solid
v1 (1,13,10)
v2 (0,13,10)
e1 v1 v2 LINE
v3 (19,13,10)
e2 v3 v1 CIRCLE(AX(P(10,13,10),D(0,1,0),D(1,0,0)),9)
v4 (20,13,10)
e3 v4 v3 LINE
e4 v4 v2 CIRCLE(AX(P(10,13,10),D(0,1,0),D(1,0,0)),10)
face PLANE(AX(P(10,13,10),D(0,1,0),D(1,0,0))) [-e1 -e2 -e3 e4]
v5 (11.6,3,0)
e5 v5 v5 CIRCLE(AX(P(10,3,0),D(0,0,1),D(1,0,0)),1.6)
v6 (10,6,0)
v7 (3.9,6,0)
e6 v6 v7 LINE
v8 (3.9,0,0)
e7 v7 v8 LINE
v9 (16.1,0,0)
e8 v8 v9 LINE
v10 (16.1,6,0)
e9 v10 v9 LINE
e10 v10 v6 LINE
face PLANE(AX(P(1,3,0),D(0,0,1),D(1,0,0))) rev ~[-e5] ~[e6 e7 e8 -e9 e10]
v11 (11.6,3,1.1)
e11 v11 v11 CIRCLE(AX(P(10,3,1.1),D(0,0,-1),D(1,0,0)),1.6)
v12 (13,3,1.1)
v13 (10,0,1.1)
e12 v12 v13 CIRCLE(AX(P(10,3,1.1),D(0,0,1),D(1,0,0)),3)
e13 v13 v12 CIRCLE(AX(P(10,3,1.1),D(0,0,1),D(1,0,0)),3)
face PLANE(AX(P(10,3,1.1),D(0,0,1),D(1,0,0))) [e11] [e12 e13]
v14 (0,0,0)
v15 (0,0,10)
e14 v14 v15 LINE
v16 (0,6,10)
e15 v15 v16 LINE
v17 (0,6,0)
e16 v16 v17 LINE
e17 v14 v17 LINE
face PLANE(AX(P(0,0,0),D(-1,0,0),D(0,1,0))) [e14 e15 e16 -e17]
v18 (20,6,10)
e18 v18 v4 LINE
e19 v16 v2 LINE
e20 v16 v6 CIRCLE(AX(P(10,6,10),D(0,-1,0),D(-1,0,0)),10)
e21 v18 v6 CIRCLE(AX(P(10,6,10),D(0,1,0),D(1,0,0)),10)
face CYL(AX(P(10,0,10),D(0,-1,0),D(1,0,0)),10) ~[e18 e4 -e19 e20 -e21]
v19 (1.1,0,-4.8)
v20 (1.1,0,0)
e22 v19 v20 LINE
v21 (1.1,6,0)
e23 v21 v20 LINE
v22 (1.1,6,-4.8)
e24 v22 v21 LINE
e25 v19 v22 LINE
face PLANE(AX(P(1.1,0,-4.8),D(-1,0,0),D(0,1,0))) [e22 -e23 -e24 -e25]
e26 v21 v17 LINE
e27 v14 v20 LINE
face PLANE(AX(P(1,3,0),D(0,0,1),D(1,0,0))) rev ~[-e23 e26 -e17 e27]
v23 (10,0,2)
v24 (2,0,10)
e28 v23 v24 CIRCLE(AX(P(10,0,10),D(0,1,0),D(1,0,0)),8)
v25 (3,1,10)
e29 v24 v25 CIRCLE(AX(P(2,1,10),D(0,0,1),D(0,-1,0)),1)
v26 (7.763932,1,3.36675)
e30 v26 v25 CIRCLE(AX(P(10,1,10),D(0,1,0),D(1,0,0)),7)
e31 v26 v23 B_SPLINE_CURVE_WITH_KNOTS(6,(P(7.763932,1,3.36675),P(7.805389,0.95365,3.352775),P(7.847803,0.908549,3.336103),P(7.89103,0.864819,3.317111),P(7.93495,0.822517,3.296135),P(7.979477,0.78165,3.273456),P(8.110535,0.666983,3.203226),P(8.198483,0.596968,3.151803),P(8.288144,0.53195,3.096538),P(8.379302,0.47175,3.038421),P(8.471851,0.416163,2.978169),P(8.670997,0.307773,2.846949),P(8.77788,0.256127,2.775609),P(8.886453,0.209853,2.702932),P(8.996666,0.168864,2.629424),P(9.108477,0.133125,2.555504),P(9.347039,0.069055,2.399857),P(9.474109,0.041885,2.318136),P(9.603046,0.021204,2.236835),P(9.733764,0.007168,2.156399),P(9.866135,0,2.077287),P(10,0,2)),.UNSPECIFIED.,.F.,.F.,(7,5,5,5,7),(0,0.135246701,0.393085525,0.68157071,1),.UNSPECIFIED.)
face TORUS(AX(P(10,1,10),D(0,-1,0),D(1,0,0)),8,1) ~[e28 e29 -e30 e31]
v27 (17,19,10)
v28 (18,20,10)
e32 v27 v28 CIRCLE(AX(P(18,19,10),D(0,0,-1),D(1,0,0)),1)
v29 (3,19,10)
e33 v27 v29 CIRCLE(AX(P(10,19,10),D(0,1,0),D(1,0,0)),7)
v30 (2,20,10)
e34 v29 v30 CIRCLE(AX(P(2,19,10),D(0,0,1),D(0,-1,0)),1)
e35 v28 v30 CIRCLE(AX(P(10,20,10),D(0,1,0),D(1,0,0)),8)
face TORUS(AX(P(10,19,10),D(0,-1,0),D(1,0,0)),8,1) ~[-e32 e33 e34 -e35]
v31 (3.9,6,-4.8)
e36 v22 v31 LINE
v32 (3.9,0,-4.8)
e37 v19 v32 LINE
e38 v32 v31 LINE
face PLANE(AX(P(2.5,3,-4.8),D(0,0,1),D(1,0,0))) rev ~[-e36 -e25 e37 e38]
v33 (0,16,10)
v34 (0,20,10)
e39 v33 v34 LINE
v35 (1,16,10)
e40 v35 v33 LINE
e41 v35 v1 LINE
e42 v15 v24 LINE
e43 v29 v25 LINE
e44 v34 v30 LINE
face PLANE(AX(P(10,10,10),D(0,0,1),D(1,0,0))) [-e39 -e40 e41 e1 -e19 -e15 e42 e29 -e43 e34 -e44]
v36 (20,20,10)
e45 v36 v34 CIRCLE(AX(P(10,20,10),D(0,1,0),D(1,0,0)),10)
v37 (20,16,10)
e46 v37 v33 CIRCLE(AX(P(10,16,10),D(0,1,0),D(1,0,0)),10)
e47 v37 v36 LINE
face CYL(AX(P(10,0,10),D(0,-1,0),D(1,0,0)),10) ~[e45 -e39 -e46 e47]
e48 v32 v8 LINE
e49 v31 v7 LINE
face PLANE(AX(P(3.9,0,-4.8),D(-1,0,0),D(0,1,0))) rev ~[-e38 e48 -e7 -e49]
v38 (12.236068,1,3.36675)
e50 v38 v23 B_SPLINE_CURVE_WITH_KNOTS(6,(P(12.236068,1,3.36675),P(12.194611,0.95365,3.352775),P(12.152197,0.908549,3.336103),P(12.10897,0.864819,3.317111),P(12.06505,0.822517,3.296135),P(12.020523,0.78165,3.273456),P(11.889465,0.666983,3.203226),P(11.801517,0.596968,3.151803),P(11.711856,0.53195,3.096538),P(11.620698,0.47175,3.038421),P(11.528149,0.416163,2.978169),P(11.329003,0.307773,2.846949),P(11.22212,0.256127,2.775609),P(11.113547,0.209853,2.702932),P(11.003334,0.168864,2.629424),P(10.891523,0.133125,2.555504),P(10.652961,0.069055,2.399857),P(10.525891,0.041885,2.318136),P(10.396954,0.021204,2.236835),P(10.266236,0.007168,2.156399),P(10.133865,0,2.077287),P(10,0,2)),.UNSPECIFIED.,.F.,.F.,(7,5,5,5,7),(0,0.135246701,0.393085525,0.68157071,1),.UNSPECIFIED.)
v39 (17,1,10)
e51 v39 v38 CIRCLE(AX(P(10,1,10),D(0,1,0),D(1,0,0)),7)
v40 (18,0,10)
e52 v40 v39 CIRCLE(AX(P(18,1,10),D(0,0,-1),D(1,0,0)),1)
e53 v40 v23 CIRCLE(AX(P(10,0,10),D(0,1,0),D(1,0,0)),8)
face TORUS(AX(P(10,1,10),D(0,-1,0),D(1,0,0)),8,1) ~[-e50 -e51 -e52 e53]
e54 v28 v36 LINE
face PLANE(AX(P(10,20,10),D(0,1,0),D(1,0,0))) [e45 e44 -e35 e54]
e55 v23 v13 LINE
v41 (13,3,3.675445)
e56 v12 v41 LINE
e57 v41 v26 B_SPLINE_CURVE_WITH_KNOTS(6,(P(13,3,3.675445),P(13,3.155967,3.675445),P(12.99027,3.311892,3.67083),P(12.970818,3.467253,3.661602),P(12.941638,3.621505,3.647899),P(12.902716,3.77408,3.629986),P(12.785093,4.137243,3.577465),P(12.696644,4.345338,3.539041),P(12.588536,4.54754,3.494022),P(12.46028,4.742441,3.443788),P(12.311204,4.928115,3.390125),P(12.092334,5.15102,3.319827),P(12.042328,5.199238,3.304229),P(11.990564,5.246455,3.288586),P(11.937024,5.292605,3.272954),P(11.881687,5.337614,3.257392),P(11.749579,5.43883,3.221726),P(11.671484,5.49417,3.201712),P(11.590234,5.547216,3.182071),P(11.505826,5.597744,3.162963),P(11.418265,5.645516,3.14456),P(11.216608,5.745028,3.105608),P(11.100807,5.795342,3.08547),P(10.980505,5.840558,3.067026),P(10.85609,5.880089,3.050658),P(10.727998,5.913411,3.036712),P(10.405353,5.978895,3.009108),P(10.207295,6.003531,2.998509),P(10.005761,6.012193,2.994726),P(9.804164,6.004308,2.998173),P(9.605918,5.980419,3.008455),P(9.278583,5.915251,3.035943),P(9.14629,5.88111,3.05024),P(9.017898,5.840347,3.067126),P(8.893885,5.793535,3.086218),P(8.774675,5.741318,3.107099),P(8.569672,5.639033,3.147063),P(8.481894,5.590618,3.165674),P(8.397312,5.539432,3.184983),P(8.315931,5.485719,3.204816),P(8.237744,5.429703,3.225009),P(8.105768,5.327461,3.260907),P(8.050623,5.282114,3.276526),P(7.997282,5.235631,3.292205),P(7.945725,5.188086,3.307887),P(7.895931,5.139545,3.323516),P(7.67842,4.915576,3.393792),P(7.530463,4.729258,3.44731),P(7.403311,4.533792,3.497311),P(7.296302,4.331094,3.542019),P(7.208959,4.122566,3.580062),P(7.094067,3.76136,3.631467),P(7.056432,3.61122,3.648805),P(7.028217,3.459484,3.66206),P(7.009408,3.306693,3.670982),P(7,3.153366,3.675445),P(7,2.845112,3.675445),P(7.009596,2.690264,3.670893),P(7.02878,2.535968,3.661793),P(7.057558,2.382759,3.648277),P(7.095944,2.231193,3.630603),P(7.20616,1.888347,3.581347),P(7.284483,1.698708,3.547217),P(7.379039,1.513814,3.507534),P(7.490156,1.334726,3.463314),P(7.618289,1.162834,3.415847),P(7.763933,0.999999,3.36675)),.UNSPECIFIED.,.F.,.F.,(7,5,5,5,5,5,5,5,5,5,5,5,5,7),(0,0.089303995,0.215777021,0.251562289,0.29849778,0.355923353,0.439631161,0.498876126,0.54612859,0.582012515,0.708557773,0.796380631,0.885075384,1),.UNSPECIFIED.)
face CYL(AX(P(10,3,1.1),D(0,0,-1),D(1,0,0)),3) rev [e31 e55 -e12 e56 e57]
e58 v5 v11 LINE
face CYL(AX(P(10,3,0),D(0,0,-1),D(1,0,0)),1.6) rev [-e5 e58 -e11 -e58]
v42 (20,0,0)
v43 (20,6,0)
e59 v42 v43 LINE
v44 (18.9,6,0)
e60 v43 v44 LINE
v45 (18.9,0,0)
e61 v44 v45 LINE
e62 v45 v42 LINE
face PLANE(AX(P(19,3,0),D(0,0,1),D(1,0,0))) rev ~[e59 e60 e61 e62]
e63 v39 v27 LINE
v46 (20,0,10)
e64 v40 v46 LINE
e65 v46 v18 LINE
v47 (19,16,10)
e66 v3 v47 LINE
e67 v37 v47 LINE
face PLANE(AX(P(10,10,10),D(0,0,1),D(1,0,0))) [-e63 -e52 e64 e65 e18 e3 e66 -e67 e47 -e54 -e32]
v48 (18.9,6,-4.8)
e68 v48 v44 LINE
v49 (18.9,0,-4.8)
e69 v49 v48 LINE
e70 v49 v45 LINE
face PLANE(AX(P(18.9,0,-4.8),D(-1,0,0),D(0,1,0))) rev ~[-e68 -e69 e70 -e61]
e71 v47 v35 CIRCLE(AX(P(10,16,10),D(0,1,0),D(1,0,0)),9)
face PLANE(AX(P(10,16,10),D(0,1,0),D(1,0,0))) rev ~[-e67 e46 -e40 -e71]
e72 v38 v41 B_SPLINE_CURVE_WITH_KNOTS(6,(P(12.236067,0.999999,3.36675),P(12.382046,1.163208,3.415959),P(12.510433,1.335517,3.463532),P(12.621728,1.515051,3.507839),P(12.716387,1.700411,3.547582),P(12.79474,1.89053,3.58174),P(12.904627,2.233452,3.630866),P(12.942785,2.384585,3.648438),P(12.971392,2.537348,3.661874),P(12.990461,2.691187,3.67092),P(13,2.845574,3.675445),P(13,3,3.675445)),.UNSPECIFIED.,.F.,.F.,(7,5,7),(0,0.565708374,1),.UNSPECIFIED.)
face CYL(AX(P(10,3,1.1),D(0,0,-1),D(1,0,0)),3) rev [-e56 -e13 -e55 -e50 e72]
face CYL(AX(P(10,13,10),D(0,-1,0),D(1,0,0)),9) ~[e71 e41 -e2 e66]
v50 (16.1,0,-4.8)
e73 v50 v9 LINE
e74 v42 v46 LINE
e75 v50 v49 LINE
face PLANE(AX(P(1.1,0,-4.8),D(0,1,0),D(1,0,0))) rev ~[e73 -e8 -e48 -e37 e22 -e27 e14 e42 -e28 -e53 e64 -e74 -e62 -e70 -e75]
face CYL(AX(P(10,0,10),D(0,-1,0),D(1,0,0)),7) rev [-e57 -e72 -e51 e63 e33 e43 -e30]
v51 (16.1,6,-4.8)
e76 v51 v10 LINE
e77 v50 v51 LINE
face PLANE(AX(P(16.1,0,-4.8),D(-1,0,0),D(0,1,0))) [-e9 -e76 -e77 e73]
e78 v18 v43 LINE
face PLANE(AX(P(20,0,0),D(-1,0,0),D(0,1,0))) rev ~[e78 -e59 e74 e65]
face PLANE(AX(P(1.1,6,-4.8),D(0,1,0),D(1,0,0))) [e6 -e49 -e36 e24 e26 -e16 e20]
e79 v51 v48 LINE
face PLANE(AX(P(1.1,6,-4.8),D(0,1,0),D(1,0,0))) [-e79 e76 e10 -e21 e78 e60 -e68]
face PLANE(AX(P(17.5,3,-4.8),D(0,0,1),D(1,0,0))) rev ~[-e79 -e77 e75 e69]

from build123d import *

# Parameters (mm, degrees)
CYLINDER057_R     = 1.6
CYLINDER057_DEPTH = 4
CYLINDER056_R     = 3
CYLINDER056_DEPTH = 3
BOX033_W          = 2
BOX033_H          = 6
BOX033_DEPTH      = 4
BOX031_W          = 2
BOX031_H          = 6
BOX031_DEPTH      = 10
BOX032_W          = 2
BOX032_H          = 6
BOX032_DEPTH      = 10
BOX030_W          = 2.8
BOX030_H          = 6
BOX030_DEPTH      = 5
BOX029_W          = 2.8
BOX029_H          = 6
BOX029_DEPTH      = 5
BOX028_W          = 20
BOX028_H          = 6
BOX028_DEPTH      = 2
BOX034_W          = 2
BOX034_H          = 6
BOX034_DEPTH      = 4
CYLINDER055_R     = 9
CYLINDER055_DEPTH = 3
CYLINDER054_R     = 10
CYLINDER054_DEPTH = 3
BOX035_W          = 20
BOX035_H          = 20
BOX035_DEPTH      = 10
CYLINDER053_R     = 7
CYLINDER053_DEPTH = 20
CYLINDER052_R     = 10
CYLINDER052_DEPTH = 20
FILLET001005_R    = 1
FILLET001006_R    = 1


with BuildPart() as cylinder057:
    # Cylinder057 → Cylinder057 (new body)
    with BuildSketch(Plane(origin=(10, 3, 0), x_dir=(1, 0, 0), z_dir=(0, 0, 1))):
        Circle(CYLINDER057_R)
    extrude(amount=CYLINDER057_DEPTH)


with BuildPart() as fusion009003002004003002004004_body:
    # Cylinder056 → Cylinder056 (new body)
    with BuildSketch(Plane(origin=(10, 3, 1.1), x_dir=(1, 0, 0), z_dir=(0, 0, 1))):
        Circle(CYLINDER056_R)
    extrude(amount=CYLINDER056_DEPTH)

    # Fusion009003002004003002004004003002006004002003003004002002003002005003: union Cylinder057
    add(cylinder057.part)


with BuildPart() as cube033:
    # Box033 → Box033 (new body)
    with BuildSketch(Plane(origin=(16, 0, 0), x_dir=(1, 0, 0), z_dir=(0, 0, 1))):
        with Locations((1, 3)):
            Rectangle(BOX033_W, BOX033_H)
    extrude(amount=BOX033_DEPTH)


with BuildPart() as cube031:
    # Box031 → Box031 (new body)
    with BuildSketch(Plane.XY):
        with Locations((1, 3)):
            Rectangle(BOX031_W, BOX031_H)
    extrude(amount=BOX031_DEPTH)


with BuildPart() as cube032:
    # Box032 → Box032 (new body)
    with BuildSketch(Plane(origin=(18, 0, 0), x_dir=(1, 0, 0), z_dir=(0, 0, 1))):
        with Locations((1, 3)):
            Rectangle(BOX032_W, BOX032_H)
    extrude(amount=BOX032_DEPTH)


with BuildPart() as cube030:
    # Box030 → Box030 (new body)
    with BuildSketch(Plane(origin=(16.1, 0, -4.8), x_dir=(1, 0, 0), z_dir=(0, 0, 1))):
        with Locations((1.4, 3)):
            Rectangle(BOX030_W, BOX030_H)
    extrude(amount=BOX030_DEPTH)


with BuildPart() as cube029:
    # Box029 → Box029 (new body)
    with BuildSketch(Plane(origin=(1.1, 0, -4.8), x_dir=(1, 0, 0), z_dir=(0, 0, 1))):
        with Locations((1.4, 3)):
            Rectangle(BOX029_W, BOX029_H)
    extrude(amount=BOX029_DEPTH)


with BuildPart() as cube028:
    # Box028 → Box028 (new body)
    with BuildSketch(Plane.XY):
        with Locations((10, 3)):
            Rectangle(BOX028_W, BOX028_H)
    extrude(amount=BOX028_DEPTH)


with BuildPart() as top_mount_base:
    # Box034 → Box034 (new body)
    with BuildSketch(Plane(origin=(2, 0, 0), x_dir=(1, 0, 0), z_dir=(0, 0, 1))):
        with Locations((1, 3)):
            Rectangle(BOX034_W, BOX034_H)
    extrude(amount=BOX034_DEPTH)

    # Fusion009003002004003002004004003002006004002003003004002002003002004: union Cube033, Cube031, Cube032, Cube030, Cube029, Cube028
    add(cube033.part)
    add(cube031.part)
    add(cube032.part)
    add(cube030.part)
    add(cube029.part)
    add(cube028.part)


with BuildPart() as cylinder055:
    # Cylinder055 → Cylinder055 (new body)
    with BuildSketch(Plane(origin=(10, 0, 10), x_dir=(1, 0, 0), z_dir=(0, 1, 0))):
        Circle(CYLINDER055_R)
    extrude(amount=CYLINDER055_DEPTH)


with BuildPart() as cut002009005003004003013008004:
    # Cylinder054 → Cylinder054 (new body)
    with BuildSketch(Plane(origin=(10, 0, 10), x_dir=(1, 0, 0), z_dir=(0, 1, 0))):
        Circle(CYLINDER054_R)
    extrude(amount=CYLINDER054_DEPTH)

    # Cut002009005003004003013008004: cut Cylinder055
    add(cylinder055.part, mode=Mode.SUBTRACT)


with BuildPart() as cut002009005003004003013008004_1:
    # Cut002009005003004003013008004 placement: moved
    add(cut002009005003004003013008004.part.moved(Location((0, 13, 0))))


with BuildPart() as cube035:
    # Box035 → Box035 (new body)
    with BuildSketch(Plane.XY.offset(10)):
        with Locations((10, 10)):
            Rectangle(BOX035_W, BOX035_H)
    extrude(amount=BOX035_DEPTH)


with BuildPart() as cylinder053:
    # Cylinder053 → Cylinder053 (new body)
    with BuildSketch(Plane(origin=(10, 0, 10), x_dir=(1, 0, 0), z_dir=(0, 1, 0))):
        Circle(CYLINDER053_R)
    extrude(amount=CYLINDER053_DEPTH)


with BuildPart() as base_top_mount_base_6mm:
    # Cylinder052 → Cylinder052 (new body)
    with BuildSketch(Plane(origin=(10, 0, 10), x_dir=(1, 0, 0), z_dir=(0, 1, 0))):
        Circle(CYLINDER052_R)
    extrude(amount=CYLINDER052_DEPTH)

    # Cut002009005003004003013008002: cut Cylinder053
    add(cylinder053.part, mode=Mode.SUBTRACT)

    # Fillet001005
    fillet001005_edges = [base_top_mount_base_6mm.edges().sort_by_distance(p)[0] for p in [
        (3, 0, 10),
    ]]
    fillet(fillet001005_edges, radius=FILLET001005_R)

    # Fillet001006
    fillet001006_edges = [base_top_mount_base_6mm.edges().sort_by_distance(p)[0] for p in [
        (3, 20, 10),
    ]]
    fillet(fillet001006_edges, radius=FILLET001006_R)

    # Cut002009005003004003013008003: cut Cube035
    add(cube035.part, mode=Mode.SUBTRACT)

    # Cut002009005003004003013008005: cut Cut002009005003004003013008004
    add(cut002009005003004003013008004_1.part, mode=Mode.SUBTRACT)

    # Fusion009003002004003002004004003002006004002003003004002002003002005002: union top-mount-base
    add(top_mount_base.part)

    # Cut002009005003004003013008005002: cut Fusion009003002004003002004004 body
    add(fusion009003002004003002004004_body.part, mode=Mode.SUBTRACT)


solid = base_top_mount_base_6mm.part
